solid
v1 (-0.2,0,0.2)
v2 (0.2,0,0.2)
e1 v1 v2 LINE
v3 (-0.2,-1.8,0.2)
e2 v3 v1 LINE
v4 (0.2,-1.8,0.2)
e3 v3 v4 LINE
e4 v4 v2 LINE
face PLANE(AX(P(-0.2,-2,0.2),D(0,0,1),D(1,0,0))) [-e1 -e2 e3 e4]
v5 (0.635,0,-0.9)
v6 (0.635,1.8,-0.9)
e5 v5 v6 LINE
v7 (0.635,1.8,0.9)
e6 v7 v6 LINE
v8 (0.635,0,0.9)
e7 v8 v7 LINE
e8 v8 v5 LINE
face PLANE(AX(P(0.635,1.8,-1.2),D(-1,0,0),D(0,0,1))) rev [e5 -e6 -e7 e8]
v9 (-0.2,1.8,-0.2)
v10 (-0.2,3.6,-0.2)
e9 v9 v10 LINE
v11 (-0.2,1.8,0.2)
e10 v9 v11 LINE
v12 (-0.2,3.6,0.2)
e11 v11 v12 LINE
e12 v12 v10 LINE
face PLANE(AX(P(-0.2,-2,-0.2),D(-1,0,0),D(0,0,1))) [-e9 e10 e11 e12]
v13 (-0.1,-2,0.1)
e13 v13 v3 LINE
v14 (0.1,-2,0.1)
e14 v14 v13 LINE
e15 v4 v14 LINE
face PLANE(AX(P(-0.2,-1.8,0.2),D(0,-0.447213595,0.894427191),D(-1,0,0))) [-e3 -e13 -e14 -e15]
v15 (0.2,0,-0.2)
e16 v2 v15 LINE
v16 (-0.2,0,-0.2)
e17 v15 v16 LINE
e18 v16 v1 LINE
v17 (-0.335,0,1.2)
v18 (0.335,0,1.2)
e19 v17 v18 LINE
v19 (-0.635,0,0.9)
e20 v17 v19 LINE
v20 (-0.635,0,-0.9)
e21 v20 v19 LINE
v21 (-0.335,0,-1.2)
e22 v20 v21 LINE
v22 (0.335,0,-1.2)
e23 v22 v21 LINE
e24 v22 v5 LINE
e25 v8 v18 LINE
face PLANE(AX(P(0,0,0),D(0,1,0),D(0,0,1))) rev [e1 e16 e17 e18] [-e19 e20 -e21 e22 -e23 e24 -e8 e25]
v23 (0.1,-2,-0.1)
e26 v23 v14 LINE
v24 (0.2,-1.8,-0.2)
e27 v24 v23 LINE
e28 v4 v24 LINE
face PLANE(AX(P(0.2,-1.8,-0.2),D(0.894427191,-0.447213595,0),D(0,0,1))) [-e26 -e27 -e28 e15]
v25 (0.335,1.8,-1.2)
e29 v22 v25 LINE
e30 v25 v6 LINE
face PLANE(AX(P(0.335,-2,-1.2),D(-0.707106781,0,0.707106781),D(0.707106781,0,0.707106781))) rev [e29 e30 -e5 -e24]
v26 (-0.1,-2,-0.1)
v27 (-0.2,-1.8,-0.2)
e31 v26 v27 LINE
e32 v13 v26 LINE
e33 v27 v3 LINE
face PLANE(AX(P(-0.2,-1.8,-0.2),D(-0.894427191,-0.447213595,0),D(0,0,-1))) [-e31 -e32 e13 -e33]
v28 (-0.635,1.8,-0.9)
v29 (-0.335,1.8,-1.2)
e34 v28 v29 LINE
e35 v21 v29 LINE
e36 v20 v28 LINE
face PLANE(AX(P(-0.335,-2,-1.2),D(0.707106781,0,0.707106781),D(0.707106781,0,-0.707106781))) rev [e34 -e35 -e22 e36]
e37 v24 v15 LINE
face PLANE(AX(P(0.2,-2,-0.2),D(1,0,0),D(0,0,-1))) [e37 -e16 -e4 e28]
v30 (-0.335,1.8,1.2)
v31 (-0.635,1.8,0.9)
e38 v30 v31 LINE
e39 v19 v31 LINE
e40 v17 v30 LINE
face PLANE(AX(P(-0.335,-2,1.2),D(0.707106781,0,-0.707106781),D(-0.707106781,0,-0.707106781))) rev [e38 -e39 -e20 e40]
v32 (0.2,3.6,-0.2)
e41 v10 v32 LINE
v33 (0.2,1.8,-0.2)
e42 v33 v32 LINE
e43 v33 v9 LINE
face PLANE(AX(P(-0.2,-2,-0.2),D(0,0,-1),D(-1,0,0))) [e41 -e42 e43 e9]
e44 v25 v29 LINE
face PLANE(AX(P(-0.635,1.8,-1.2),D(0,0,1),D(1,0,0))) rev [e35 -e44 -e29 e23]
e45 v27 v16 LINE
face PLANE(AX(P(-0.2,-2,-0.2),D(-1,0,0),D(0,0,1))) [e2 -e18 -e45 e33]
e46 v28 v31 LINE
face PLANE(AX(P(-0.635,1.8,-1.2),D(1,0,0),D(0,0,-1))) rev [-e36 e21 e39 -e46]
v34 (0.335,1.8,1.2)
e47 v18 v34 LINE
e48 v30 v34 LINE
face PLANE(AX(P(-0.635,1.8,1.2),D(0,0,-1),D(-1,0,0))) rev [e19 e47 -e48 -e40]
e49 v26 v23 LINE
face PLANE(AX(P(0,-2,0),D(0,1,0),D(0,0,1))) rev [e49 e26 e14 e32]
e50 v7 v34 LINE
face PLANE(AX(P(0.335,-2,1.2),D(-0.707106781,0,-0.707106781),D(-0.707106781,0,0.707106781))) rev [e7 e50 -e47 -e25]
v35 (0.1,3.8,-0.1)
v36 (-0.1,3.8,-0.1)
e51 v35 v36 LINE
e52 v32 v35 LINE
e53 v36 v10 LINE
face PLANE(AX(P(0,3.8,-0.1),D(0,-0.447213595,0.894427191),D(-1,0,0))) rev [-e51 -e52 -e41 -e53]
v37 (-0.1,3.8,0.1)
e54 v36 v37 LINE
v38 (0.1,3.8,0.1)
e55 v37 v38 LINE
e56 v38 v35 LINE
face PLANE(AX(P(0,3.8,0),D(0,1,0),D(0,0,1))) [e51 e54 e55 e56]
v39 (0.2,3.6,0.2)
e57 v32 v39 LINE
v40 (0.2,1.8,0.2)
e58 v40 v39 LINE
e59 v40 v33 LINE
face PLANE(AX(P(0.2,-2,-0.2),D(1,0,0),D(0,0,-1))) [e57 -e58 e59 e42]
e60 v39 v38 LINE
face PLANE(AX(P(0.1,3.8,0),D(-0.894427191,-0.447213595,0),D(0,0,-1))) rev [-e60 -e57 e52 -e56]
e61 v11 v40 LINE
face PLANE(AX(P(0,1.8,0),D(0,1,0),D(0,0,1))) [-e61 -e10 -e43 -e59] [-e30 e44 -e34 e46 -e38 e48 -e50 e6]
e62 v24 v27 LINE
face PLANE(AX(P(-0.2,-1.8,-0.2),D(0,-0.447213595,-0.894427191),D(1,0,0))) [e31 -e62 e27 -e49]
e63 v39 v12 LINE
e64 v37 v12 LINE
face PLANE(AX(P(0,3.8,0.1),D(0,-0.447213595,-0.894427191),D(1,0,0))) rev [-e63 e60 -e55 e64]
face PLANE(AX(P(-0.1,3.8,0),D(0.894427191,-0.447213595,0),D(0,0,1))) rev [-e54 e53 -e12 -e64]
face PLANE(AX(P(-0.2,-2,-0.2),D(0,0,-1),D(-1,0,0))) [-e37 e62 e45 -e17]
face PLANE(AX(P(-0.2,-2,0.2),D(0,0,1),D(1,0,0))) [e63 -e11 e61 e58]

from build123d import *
from OCP.BRepFilletAPI import BRepFilletAPI_MakeChamfer

# Parameters (mm, degrees)
SKETCH_1_W           = 1.27
SKETCH_1_H           = 2.4
EXTRUDE_1_DEPTH      = 1.8
EXTRUDE_2_DEPTH      = 2
EXTRUDE_2_DEPTH_BACK = 3.8
SKETCH_2_W           = 0.4
SKETCH_2_H           = 0.4
CUT_EXTRUDE_1_DEPTH  = 5.035247824
CHAMFER_1_SIZE       = 0.2
CHAMFER_1_SIZE2      = 0.1
CHAMFER_2_SIZE       = 0.1
CHAMFER_2_SIZE2      = 0.2


with BuildPart() as part:
    # 草图1 → 凸台-拉伸1 (new body)
    with BuildSketch(Plane(origin=(0, 0, 0), x_dir=(1, 0, 0), z_dir=(0, 1, 0))):
        Rectangle(SKETCH_1_W, SKETCH_1_H)
    extrude(amount=EXTRUDE_1_DEPTH)

    # 草图2 → 凸台-拉伸2 (add, two sides: drawn at the far end of the back side and taken through both)
    with BuildSketch(Plane(origin=(0, 1.8, 0), x_dir=(1, 0, 0), z_dir=(0, 1, 0)).offset(-EXTRUDE_2_DEPTH_BACK)):
        Rectangle(SKETCH_2_W, SKETCH_2_H)
    extrude(amount=EXTRUDE_2_DEPTH + EXTRUDE_2_DEPTH_BACK)

    # 草图3 → 切除-拉伸1 (cut, through all)
    with BuildSketch(Plane(origin=(0, 1.8, 0), x_dir=(1, 0, 0), z_dir=(0, 1, 0))):
        Polygon((-0.335, 1.2), (-0.635, 0.9), (-0.635, 1.2), align=None)
        Polygon((0.635, 1.2), (0.335, 1.2), (0.635, 0.9), align=None)
        Polygon((0.335, -1.2), (0.635, -0.9), (0.635, -1.2), align=None)
        Polygon((-0.635, -1.2), (-0.335, -1.2), (-0.635, -0.9), align=None)
    extrude(amount=-CUT_EXTRUDE_1_DEPTH, mode=Mode.SUBTRACT)

    # 倒角1: one chamfer whose edges measure the first distance from different faces: ONE call of the kernel's chamfer builder (chamfer() names one face for all edges)
    chamfer_1_edges_1 = [part.edges().sort_by_distance(p)[0] for p in [
        (0.2, 3.8, 0),
    ]]
    chamfer_1_side_1 = [part.faces().sort_by_distance(p)[0] for p in [
        (0.2, 2.8, 0),
    ]]
    chamfer_1_edges_2 = [part.edges().sort_by_distance(p)[0] for p in [
        (0, 3.8, -0.2),
    ]]
    chamfer_1_side_2 = [part.faces().sort_by_distance(p)[0] for p in [
        (0, 2.8, -0.2),
    ]]
    chamfer_1_edges_3 = [part.edges().sort_by_distance(p)[0] for p in [
        (-0.2, 3.8, 0),
    ]]
    chamfer_1_side_3 = [part.faces().sort_by_distance(p)[0] for p in [
        (-0.2, 2.8, 0),
    ]]
    chamfer_1_edges_4 = [part.edges().sort_by_distance(p)[0] for p in [
        (0, 3.8, 0.2),
    ]]
    chamfer_1_side_4 = [part.faces().sort_by_distance(p)[0] for p in [
        (0, 2.8, 0.2),
    ]]
    chamfer_1 = BRepFilletAPI_MakeChamfer(part.part.solid().wrapped)
    for e in chamfer_1_edges_1:
        chamfer_1.Add(CHAMFER_1_SIZE, CHAMFER_1_SIZE2, e.wrapped, chamfer_1_side_1[0].wrapped)  # the first distance lies on this face
    for e in chamfer_1_edges_2:
        chamfer_1.Add(CHAMFER_1_SIZE, CHAMFER_1_SIZE2, e.wrapped, chamfer_1_side_2[0].wrapped)  # the first distance lies on this face
    for e in chamfer_1_edges_3:
        chamfer_1.Add(CHAMFER_1_SIZE, CHAMFER_1_SIZE2, e.wrapped, chamfer_1_side_3[0].wrapped)  # the first distance lies on this face
    for e in chamfer_1_edges_4:
        chamfer_1.Add(CHAMFER_1_SIZE, CHAMFER_1_SIZE2, e.wrapped, chamfer_1_side_4[0].wrapped)  # the first distance lies on this face
    add(Compound.cast(chamfer_1.Shape()), mode=Mode.REPLACE)

    # 倒角2
    chamfer_2_edges = [part.edges().sort_by_distance(p)[0] for p in [
        (0.2, -2, 0),
        (0, -2, 0.2),
        (-0.2, -2, 0),
        (0, -2, -0.2),
    ]]
    chamfer_2_side = [part.faces().sort_by_distance(p)[0] for p in [
        (0, -2, 0),
    ]]
    chamfer(chamfer_2_edges, length=CHAMFER_2_SIZE, length2=CHAMFER_2_SIZE2, reference=chamfer_2_side[0])


solid = part.part
